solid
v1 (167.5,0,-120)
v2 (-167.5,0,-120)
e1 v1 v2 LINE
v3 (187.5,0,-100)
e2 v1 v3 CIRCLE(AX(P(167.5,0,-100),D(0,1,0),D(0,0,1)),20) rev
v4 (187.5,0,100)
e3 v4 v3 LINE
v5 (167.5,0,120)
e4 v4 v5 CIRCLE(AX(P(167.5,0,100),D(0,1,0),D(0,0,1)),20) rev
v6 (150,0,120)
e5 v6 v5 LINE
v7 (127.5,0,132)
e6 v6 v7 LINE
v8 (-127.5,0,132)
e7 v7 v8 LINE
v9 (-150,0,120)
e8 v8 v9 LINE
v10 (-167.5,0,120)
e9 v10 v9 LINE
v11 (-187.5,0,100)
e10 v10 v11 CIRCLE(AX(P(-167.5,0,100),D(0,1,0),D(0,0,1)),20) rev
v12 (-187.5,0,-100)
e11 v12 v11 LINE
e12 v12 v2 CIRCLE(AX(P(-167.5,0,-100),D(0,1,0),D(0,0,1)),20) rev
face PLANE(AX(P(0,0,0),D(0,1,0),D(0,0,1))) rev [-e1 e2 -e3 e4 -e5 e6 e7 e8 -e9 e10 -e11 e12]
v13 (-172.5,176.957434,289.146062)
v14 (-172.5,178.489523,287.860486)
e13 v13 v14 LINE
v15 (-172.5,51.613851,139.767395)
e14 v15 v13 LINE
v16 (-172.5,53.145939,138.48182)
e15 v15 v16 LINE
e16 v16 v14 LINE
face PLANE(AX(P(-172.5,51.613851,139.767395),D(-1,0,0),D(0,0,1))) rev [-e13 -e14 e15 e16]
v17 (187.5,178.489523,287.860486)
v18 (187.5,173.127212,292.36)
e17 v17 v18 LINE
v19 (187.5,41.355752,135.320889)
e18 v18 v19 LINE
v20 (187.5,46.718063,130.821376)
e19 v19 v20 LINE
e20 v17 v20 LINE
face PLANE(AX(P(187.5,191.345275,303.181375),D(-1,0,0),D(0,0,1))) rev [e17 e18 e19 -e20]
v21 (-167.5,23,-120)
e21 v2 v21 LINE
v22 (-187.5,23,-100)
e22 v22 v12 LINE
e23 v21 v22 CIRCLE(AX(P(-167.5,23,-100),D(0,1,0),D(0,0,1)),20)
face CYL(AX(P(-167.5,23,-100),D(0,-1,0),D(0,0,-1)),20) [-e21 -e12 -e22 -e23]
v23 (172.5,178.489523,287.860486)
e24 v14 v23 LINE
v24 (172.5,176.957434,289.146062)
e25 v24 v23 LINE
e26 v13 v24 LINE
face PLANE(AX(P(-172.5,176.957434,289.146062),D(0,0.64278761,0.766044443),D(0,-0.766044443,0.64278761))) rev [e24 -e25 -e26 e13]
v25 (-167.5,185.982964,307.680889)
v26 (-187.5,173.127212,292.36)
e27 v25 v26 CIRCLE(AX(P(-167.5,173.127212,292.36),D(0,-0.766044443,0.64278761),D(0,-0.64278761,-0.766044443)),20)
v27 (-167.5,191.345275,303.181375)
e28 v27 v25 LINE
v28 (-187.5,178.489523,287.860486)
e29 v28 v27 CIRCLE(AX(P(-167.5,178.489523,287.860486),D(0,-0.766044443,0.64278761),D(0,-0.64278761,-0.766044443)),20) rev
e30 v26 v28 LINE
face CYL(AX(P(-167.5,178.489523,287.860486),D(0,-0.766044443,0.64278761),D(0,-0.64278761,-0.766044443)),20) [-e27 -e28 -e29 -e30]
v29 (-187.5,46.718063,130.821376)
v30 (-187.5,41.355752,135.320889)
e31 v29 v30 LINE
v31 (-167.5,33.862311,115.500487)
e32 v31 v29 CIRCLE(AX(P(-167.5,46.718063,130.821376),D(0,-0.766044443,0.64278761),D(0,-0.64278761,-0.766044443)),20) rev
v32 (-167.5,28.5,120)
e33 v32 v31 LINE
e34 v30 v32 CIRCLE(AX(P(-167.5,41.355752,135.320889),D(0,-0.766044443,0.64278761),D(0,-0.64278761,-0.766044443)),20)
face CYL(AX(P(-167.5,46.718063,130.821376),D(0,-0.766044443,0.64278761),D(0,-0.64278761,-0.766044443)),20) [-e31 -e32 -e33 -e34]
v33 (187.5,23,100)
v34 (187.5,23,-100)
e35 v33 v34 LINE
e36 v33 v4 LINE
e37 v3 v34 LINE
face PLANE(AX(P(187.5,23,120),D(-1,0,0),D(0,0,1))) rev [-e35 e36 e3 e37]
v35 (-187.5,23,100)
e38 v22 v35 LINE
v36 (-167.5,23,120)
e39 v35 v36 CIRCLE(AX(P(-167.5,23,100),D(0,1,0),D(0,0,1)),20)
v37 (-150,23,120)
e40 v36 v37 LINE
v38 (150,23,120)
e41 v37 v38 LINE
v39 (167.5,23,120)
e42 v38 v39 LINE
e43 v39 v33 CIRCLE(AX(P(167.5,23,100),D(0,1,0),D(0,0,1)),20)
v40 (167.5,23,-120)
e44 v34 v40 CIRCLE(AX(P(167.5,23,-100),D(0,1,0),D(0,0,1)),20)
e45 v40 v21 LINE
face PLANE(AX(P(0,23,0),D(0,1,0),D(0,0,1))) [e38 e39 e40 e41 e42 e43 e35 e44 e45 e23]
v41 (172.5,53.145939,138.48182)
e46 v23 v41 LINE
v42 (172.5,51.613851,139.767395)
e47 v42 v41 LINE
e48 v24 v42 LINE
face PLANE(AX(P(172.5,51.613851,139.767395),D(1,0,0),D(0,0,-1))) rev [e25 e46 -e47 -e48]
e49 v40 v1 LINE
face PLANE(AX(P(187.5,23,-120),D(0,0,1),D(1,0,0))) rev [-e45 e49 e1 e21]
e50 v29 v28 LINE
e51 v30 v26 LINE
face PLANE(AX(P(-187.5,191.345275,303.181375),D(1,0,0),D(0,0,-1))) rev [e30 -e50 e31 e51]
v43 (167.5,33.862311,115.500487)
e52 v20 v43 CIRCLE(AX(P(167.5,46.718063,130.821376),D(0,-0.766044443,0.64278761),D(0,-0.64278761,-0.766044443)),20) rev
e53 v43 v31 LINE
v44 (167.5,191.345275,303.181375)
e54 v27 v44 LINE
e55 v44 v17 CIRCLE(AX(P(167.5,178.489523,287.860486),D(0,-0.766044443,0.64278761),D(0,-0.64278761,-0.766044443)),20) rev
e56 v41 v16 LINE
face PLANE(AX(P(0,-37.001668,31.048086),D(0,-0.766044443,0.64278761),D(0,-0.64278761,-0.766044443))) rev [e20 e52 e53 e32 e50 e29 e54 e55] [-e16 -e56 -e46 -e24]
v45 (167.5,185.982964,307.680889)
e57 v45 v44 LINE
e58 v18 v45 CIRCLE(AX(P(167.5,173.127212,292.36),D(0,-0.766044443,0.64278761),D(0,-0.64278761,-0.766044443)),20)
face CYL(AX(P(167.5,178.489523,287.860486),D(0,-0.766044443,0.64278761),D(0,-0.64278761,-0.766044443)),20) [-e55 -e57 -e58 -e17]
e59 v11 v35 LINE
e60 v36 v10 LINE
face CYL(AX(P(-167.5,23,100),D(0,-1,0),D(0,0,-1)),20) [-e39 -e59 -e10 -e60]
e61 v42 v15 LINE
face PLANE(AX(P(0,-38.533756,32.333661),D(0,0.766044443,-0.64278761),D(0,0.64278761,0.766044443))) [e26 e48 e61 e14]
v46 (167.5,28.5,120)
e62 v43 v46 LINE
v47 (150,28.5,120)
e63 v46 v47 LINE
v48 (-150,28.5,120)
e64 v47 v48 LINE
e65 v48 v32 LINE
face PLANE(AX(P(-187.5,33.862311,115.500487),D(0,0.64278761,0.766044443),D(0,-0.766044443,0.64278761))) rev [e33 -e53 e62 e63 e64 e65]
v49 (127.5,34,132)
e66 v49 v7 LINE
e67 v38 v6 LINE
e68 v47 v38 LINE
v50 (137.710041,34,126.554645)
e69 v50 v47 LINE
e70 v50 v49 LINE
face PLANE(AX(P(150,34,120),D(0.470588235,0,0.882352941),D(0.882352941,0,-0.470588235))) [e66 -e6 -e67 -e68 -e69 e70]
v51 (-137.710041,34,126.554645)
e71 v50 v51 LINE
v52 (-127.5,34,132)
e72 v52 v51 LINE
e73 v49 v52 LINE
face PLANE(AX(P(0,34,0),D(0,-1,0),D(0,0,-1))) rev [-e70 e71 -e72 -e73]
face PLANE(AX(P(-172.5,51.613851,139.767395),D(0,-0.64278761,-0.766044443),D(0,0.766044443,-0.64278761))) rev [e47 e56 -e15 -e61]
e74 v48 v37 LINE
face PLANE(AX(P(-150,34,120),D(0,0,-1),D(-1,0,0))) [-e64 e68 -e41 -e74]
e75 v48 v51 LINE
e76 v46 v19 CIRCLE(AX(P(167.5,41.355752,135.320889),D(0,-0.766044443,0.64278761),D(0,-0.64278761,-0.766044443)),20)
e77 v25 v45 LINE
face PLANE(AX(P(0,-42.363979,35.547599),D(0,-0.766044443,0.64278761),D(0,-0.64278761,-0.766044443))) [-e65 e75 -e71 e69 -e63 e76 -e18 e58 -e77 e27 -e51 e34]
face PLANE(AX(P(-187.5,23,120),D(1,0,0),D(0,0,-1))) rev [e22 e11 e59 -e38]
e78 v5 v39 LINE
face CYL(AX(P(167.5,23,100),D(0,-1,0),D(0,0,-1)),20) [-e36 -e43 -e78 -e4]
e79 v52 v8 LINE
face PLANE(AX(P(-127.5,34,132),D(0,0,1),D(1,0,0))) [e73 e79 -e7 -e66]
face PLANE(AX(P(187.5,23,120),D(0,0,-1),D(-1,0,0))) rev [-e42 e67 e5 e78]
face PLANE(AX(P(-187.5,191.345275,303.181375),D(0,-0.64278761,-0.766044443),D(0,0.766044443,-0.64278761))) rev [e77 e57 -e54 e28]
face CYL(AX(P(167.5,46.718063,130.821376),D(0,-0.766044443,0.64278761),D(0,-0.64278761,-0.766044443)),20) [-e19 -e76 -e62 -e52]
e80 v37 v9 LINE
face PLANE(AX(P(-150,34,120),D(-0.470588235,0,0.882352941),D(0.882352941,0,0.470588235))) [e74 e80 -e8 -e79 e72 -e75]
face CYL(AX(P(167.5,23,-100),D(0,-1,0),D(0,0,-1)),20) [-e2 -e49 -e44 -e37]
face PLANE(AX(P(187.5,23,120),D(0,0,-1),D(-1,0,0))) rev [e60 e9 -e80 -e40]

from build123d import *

# Parameters (mm, degrees)
SKETCH1_W           = 375
SKETCH1_H           = 240
BOSS_EXTRUDE1_DEPTH = 23
BOSS_EXTRUDE2_DEPTH = 34
CUT_EXTRUDE1_DEPTH  = 376
SKETCH5_W           = 375
SKETCH5_H           = 245
BOSS_EXTRUDE3_DEPTH = 7
SKETCH6_W           = 345
SKETCH6_H           = 195
CUT_EXTRUDE2_DEPTH  = 2
FILLET1_R           = 20


with BuildPart() as part:
    # Sketch1 → Boss-Extrude1 (new body)
    with BuildSketch(Plane(origin=(0, 0, 0), x_dir=(1, 0, 0), z_dir=(0, 1, 0))):
        Rectangle(SKETCH1_W, SKETCH1_H)
    extrude(amount=BOSS_EXTRUDE1_DEPTH)

    # Sketch3 → Boss-Extrude2 (add)
    with BuildSketch(Plane.XZ):
        Polygon((-150, 120), (-127.5, 132), (127.5, 132), (150, 120), align=None)
    extrude(amount=-BOSS_EXTRUDE2_DEPTH)

    # Sketch4 → Cut-Extrude1 (cut, through all)
    with BuildSketch(Plane.ZY.offset(187.5)):
        Polygon((120, 28.5), (126.554644759, 34), (120, 34), align=None)
    extrude(amount=-CUT_EXTRUDE1_DEPTH, mode=Mode.SUBTRACT)

    # Sketch5 → Boss-Extrude3 (add)
    with BuildSketch(Plane(origin=(0, -42.363978649, 35.54759886), x_dir=(-1, 0, 0), z_dir=(0, 0.766044443, -0.64278761))):
        with Locations((0, 232.74478005)):
            Rectangle(SKETCH5_W, SKETCH5_H)
    extrude(amount=BOSS_EXTRUDE3_DEPTH)

    # Sketch6 → Cut-Extrude2 (cut)
    with BuildSketch(Plane(origin=(0, -37.001667547, 31.048085592), x_dir=(1, 0, 0), z_dir=(0, 0.766044443, -0.64278761))):
        with Locations((0, -237.74478005)):
            Rectangle(SKETCH6_W, SKETCH6_H)
    extrude(amount=-CUT_EXTRUDE2_DEPTH, mode=Mode.SUBTRACT)

    # Fillet1
    fillet1_edges = [part.edges().sort_by_distance(p)[0] for p in [
        (187.5, 188.664119924, 305.43113193),
        (187.5, 31.181155551, 117.750243366),
        (-187.5, 31.181155551, 117.750243366),
        (-187.5, 188.664119924, 305.43113193),
        (-187.5, 11.5, -120),
        (187.5, 11.5, -120),
        (187.5, 11.5, 120),
        (-187.5, 11.5, 120),
    ]]
    fillet(fillet1_edges, radius=FILLET1_R)


solid = part.part
